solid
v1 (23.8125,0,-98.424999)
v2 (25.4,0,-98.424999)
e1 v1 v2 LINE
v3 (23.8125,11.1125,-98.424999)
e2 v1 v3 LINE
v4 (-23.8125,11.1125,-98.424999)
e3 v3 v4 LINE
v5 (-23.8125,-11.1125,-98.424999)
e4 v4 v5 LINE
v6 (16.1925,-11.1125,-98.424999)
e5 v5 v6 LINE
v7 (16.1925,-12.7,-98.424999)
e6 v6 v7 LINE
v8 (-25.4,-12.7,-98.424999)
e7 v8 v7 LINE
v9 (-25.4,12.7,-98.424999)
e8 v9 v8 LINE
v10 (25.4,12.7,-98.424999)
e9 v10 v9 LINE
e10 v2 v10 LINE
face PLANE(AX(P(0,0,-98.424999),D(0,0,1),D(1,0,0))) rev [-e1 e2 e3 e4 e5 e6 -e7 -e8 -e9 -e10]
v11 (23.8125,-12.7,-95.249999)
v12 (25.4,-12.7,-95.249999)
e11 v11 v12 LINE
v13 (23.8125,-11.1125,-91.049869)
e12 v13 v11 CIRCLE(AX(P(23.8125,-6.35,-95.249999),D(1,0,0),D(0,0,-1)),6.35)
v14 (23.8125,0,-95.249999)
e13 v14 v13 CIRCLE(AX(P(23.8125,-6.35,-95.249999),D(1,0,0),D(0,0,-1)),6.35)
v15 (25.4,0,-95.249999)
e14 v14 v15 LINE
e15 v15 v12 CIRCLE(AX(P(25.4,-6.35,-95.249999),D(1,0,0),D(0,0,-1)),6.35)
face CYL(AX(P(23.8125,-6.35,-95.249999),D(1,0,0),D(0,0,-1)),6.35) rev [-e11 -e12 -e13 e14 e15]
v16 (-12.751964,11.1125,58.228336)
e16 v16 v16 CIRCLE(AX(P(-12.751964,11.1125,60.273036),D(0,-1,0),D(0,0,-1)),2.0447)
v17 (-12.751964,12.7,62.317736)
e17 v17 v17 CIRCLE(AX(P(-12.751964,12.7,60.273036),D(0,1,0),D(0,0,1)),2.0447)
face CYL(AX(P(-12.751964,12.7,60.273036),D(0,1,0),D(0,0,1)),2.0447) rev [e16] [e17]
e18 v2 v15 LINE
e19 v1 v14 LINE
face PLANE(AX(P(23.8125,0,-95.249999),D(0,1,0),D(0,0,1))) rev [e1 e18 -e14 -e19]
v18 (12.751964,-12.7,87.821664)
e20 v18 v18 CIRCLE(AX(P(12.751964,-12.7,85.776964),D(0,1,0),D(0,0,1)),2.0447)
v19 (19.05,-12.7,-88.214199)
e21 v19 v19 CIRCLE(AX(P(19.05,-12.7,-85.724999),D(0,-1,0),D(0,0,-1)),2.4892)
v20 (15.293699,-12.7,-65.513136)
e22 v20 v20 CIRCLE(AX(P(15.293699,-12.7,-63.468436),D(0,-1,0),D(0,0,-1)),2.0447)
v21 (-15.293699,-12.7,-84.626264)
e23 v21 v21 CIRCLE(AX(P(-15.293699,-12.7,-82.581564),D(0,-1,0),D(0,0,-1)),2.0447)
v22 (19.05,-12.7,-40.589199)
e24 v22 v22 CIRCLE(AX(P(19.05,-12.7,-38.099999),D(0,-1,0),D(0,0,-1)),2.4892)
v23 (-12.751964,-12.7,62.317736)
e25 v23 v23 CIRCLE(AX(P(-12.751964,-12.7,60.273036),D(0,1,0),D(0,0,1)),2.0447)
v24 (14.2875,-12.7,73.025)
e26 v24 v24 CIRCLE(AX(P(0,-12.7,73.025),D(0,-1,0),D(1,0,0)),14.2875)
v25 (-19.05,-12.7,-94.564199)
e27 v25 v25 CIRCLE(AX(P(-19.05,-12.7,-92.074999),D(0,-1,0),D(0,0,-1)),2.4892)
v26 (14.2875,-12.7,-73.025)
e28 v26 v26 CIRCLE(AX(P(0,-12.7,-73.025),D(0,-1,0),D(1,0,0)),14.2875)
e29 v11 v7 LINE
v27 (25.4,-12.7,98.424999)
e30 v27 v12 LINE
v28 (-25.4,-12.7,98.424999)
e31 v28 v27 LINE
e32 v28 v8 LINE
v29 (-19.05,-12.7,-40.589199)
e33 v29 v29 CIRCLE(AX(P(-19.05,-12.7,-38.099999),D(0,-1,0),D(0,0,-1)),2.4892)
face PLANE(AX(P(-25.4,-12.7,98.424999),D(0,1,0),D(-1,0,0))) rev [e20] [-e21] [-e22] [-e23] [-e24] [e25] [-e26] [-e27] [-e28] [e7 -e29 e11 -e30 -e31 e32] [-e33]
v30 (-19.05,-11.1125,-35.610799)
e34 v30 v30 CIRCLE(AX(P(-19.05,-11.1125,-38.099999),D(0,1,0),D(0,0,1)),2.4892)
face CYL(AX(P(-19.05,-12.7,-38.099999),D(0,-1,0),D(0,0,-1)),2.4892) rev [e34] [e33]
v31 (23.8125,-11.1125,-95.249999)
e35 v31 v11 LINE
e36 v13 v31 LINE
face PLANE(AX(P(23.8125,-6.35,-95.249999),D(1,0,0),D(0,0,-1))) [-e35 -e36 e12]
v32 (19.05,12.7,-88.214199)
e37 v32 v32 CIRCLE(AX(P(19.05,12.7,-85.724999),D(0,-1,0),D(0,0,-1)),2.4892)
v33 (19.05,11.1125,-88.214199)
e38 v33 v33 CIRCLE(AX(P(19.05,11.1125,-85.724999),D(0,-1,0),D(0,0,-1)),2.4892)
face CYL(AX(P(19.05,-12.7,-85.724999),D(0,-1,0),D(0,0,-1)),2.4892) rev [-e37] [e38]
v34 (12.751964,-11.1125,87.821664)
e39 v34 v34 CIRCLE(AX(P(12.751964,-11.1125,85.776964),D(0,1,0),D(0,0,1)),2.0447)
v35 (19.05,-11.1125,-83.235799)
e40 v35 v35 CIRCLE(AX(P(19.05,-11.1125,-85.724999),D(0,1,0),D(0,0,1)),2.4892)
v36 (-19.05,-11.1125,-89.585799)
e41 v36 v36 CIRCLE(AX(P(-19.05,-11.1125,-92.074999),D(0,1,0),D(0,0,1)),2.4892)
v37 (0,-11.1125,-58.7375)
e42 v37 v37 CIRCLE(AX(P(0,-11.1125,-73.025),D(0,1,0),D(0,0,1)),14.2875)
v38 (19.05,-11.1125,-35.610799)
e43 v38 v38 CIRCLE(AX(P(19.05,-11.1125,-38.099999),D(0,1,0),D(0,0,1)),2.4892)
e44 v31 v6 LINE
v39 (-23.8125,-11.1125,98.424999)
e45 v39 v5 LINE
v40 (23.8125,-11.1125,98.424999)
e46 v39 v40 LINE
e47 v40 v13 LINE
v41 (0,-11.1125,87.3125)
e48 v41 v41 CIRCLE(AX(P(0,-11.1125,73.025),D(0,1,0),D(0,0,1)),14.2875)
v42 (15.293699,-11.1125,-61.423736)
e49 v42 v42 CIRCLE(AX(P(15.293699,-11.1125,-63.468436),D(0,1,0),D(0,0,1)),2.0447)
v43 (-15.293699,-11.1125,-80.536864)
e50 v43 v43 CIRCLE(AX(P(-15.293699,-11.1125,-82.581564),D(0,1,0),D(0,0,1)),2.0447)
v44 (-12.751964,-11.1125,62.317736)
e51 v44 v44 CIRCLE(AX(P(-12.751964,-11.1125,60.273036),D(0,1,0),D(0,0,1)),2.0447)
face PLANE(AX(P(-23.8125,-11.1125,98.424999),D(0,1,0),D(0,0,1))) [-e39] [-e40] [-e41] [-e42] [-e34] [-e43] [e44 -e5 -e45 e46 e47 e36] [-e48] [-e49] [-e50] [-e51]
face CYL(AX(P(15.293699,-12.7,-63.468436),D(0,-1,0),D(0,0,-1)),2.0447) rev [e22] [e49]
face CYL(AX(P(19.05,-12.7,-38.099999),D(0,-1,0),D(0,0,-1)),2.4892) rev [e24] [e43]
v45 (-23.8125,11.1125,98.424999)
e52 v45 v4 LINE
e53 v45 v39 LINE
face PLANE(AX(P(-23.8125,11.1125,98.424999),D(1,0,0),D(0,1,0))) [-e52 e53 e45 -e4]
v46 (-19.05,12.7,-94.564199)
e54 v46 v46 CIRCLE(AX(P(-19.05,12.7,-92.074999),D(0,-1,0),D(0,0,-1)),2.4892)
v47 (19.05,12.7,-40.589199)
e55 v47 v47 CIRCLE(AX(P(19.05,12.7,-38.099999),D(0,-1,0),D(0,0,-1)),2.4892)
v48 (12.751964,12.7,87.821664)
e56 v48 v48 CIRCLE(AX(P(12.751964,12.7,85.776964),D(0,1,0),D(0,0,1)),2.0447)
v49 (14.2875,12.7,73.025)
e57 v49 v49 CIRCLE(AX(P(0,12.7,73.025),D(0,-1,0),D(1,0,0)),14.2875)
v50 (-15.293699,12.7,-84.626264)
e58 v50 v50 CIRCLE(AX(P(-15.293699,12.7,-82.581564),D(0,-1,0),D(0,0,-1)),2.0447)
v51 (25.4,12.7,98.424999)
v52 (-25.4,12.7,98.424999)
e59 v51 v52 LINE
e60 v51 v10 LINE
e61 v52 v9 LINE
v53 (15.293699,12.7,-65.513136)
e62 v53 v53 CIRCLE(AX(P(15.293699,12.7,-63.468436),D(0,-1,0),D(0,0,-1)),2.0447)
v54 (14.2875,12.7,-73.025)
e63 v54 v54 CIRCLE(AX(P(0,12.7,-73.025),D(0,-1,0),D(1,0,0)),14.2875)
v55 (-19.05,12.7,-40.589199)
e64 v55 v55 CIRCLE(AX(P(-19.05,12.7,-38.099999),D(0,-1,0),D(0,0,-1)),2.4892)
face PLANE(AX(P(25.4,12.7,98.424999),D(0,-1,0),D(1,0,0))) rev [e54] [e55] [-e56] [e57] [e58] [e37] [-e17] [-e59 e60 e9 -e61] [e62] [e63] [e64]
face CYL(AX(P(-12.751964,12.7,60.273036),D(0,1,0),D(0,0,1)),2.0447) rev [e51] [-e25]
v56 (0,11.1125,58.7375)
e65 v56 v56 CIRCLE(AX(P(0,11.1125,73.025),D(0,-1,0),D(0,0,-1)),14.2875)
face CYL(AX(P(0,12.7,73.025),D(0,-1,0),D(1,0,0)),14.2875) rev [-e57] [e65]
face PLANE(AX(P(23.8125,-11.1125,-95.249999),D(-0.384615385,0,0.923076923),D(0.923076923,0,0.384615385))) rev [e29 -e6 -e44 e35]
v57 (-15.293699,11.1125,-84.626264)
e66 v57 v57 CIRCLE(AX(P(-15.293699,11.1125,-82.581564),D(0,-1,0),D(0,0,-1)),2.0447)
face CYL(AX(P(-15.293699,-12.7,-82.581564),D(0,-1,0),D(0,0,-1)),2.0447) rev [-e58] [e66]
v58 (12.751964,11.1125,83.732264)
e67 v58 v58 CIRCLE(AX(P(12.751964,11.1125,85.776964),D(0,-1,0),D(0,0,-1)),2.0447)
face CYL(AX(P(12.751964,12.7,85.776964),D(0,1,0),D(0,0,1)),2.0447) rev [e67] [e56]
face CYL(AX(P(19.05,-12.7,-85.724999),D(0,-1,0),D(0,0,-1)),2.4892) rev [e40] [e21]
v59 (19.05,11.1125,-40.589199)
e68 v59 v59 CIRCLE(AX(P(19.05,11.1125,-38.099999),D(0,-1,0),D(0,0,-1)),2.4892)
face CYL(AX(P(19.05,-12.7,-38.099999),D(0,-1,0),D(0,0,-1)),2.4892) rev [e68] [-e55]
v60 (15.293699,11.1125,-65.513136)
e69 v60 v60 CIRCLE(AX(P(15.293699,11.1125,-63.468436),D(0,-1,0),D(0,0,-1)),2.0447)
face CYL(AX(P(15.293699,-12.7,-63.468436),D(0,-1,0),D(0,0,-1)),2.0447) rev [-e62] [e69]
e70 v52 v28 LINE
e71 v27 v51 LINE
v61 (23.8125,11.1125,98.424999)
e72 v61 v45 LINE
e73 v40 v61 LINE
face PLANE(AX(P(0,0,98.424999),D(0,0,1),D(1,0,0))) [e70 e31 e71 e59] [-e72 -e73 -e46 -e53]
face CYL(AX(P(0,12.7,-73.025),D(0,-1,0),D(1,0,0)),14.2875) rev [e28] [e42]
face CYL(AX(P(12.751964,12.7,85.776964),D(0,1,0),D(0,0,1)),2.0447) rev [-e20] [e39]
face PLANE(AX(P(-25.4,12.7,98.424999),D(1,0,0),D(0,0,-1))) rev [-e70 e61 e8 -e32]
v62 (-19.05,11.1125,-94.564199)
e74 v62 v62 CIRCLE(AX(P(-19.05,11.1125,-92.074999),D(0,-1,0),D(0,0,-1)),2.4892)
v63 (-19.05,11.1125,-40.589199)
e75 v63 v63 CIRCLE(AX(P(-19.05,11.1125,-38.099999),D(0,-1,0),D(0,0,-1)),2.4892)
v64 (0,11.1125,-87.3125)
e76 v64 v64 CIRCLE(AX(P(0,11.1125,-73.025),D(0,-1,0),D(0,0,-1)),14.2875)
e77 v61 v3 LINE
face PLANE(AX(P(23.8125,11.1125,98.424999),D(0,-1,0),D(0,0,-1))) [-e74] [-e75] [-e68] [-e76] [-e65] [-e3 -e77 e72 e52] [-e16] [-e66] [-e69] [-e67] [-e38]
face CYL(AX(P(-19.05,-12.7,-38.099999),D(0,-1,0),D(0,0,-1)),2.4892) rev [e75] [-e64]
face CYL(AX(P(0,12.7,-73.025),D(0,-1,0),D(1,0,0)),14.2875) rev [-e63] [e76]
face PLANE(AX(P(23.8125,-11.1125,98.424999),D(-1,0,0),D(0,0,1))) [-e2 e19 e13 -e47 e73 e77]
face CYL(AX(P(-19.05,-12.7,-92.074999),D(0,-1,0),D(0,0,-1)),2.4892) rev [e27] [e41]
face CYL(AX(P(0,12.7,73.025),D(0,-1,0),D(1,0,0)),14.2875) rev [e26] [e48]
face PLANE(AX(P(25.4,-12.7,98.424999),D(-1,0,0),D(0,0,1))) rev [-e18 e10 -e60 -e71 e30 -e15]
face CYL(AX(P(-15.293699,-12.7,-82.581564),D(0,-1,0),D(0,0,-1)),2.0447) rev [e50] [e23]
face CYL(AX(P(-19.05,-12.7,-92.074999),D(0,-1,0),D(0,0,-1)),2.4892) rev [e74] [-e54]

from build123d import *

# Parameters (mm, degrees)
BOSS_EXTRUDE1_DEPTH         = 98.424999
BOSS_EXTRUDE1_DEPTH_BACK    = 98.424999
SKETCH3_W                   = 50.8
SKETCH3_H                   = 25.4
SKETCH3_W_2                 = 47.625
SKETCH3_H_2                 = 22.225
SKETCH4_R                   = 14.2875
CUT_EXTRUDE3_DEPTH          = 105.774999061
CUT_EXTRUDE5_DEPTH          = 1.5875
CUT_EXTRUDE6_DEPTH          = 1.5875
F_10_CLEARANCE_HOLE1_D      = 4.9784
F_20_0_161_DIAMETER_HOLE1_D = 4.0894
F_20_0_161_DIAMETER_HOLE2_D = 4.0894


with BuildPart() as part:
    # Sketch3 → Boss-Extrude1 (new, two sides: drawn at the far end of the back side and taken through both)
    with BuildSketch(Plane.XY.offset(-BOSS_EXTRUDE1_DEPTH_BACK)):
        Rectangle(SKETCH3_W, SKETCH3_H)
        Rectangle(SKETCH3_W_2, SKETCH3_H_2, mode=Mode.SUBTRACT)
    extrude(amount=BOSS_EXTRUDE1_DEPTH + BOSS_EXTRUDE1_DEPTH_BACK)

    # Sketch4 → Cut-Extrude3 (cut, through all)
    with BuildSketch(Plane.XZ.offset(12.7)):
        with Locations((0, 73.025)):
            Circle(SKETCH4_R)
        with Locations((0, -73.025)):
            Circle(SKETCH4_R)
    extrude(amount=-CUT_EXTRUDE3_DEPTH, mode=Mode.SUBTRACT)

    # Sketch5 → Cut-Extrude5 (cut)
    with BuildSketch(Plane(origin=(25.4, 0, 0), x_dir=(0, 0, -1), z_dir=(1, 0, 0))):
        with BuildLine():
            Line((98.424999492, 0), (98.424999492, -12.7))
            Line((98.424999492, -12.7), (95.249999492, -12.7))
            ThreePointArc((95.249999492, -12.7), (88.899999492, -6.35), (95.249999492, 0))
            Line((95.249999492, 0), (98.424999492, 0))
        make_face()
    extrude(amount=-CUT_EXTRUDE5_DEPTH, mode=Mode.SUBTRACT)

    # Sketch6 → Cut-Extrude6 (cut)
    with BuildSketch(Plane.XZ.offset(12.7)):
        Polygon((23.8125, -98.424999492), (23.8125, -95.249999492), (16.1925, -98.424999492), align=None)
    extrude(amount=-CUT_EXTRUDE6_DEPTH, mode=Mode.SUBTRACT)

    # #10 Clearance Hole1 (through all)
    with Locations(Plane(origin=(0, -12.7, 0), x_dir=(-1, 0, 0), z_dir=(0, -1, 0))):
        with Locations((-19.05, 85.724999492), (19.05, 92.074999492), (19.05, 38.099999492), (-19.05, 38.099999492)):
            Hole(F_10_CLEARANCE_HOLE1_D / 2)

    # #20 (0.161) Diameter Hole1 (through all)
    with Locations(Plane(origin=(0, -12.7, 0), x_dir=(-1, 0, 0), z_dir=(0, -1, 0))):
        with Locations((15.293699364, 82.581564015), (-15.293699364, 63.468435985)):
            Hole(F_20_0_161_DIAMETER_HOLE1_D / 2)

    # #20 (0.161) Diameter Hole2 (through all)
    with Locations(Plane(origin=(0, 12.7, 0), x_dir=(1, 0, 0), z_dir=(0, 1, 0))):
        with Locations((-12.751963692, -60.273036308), (12.751963692, -85.776963692)):
            Hole(F_20_0_161_DIAMETER_HOLE2_D / 2)


solid = part.part
